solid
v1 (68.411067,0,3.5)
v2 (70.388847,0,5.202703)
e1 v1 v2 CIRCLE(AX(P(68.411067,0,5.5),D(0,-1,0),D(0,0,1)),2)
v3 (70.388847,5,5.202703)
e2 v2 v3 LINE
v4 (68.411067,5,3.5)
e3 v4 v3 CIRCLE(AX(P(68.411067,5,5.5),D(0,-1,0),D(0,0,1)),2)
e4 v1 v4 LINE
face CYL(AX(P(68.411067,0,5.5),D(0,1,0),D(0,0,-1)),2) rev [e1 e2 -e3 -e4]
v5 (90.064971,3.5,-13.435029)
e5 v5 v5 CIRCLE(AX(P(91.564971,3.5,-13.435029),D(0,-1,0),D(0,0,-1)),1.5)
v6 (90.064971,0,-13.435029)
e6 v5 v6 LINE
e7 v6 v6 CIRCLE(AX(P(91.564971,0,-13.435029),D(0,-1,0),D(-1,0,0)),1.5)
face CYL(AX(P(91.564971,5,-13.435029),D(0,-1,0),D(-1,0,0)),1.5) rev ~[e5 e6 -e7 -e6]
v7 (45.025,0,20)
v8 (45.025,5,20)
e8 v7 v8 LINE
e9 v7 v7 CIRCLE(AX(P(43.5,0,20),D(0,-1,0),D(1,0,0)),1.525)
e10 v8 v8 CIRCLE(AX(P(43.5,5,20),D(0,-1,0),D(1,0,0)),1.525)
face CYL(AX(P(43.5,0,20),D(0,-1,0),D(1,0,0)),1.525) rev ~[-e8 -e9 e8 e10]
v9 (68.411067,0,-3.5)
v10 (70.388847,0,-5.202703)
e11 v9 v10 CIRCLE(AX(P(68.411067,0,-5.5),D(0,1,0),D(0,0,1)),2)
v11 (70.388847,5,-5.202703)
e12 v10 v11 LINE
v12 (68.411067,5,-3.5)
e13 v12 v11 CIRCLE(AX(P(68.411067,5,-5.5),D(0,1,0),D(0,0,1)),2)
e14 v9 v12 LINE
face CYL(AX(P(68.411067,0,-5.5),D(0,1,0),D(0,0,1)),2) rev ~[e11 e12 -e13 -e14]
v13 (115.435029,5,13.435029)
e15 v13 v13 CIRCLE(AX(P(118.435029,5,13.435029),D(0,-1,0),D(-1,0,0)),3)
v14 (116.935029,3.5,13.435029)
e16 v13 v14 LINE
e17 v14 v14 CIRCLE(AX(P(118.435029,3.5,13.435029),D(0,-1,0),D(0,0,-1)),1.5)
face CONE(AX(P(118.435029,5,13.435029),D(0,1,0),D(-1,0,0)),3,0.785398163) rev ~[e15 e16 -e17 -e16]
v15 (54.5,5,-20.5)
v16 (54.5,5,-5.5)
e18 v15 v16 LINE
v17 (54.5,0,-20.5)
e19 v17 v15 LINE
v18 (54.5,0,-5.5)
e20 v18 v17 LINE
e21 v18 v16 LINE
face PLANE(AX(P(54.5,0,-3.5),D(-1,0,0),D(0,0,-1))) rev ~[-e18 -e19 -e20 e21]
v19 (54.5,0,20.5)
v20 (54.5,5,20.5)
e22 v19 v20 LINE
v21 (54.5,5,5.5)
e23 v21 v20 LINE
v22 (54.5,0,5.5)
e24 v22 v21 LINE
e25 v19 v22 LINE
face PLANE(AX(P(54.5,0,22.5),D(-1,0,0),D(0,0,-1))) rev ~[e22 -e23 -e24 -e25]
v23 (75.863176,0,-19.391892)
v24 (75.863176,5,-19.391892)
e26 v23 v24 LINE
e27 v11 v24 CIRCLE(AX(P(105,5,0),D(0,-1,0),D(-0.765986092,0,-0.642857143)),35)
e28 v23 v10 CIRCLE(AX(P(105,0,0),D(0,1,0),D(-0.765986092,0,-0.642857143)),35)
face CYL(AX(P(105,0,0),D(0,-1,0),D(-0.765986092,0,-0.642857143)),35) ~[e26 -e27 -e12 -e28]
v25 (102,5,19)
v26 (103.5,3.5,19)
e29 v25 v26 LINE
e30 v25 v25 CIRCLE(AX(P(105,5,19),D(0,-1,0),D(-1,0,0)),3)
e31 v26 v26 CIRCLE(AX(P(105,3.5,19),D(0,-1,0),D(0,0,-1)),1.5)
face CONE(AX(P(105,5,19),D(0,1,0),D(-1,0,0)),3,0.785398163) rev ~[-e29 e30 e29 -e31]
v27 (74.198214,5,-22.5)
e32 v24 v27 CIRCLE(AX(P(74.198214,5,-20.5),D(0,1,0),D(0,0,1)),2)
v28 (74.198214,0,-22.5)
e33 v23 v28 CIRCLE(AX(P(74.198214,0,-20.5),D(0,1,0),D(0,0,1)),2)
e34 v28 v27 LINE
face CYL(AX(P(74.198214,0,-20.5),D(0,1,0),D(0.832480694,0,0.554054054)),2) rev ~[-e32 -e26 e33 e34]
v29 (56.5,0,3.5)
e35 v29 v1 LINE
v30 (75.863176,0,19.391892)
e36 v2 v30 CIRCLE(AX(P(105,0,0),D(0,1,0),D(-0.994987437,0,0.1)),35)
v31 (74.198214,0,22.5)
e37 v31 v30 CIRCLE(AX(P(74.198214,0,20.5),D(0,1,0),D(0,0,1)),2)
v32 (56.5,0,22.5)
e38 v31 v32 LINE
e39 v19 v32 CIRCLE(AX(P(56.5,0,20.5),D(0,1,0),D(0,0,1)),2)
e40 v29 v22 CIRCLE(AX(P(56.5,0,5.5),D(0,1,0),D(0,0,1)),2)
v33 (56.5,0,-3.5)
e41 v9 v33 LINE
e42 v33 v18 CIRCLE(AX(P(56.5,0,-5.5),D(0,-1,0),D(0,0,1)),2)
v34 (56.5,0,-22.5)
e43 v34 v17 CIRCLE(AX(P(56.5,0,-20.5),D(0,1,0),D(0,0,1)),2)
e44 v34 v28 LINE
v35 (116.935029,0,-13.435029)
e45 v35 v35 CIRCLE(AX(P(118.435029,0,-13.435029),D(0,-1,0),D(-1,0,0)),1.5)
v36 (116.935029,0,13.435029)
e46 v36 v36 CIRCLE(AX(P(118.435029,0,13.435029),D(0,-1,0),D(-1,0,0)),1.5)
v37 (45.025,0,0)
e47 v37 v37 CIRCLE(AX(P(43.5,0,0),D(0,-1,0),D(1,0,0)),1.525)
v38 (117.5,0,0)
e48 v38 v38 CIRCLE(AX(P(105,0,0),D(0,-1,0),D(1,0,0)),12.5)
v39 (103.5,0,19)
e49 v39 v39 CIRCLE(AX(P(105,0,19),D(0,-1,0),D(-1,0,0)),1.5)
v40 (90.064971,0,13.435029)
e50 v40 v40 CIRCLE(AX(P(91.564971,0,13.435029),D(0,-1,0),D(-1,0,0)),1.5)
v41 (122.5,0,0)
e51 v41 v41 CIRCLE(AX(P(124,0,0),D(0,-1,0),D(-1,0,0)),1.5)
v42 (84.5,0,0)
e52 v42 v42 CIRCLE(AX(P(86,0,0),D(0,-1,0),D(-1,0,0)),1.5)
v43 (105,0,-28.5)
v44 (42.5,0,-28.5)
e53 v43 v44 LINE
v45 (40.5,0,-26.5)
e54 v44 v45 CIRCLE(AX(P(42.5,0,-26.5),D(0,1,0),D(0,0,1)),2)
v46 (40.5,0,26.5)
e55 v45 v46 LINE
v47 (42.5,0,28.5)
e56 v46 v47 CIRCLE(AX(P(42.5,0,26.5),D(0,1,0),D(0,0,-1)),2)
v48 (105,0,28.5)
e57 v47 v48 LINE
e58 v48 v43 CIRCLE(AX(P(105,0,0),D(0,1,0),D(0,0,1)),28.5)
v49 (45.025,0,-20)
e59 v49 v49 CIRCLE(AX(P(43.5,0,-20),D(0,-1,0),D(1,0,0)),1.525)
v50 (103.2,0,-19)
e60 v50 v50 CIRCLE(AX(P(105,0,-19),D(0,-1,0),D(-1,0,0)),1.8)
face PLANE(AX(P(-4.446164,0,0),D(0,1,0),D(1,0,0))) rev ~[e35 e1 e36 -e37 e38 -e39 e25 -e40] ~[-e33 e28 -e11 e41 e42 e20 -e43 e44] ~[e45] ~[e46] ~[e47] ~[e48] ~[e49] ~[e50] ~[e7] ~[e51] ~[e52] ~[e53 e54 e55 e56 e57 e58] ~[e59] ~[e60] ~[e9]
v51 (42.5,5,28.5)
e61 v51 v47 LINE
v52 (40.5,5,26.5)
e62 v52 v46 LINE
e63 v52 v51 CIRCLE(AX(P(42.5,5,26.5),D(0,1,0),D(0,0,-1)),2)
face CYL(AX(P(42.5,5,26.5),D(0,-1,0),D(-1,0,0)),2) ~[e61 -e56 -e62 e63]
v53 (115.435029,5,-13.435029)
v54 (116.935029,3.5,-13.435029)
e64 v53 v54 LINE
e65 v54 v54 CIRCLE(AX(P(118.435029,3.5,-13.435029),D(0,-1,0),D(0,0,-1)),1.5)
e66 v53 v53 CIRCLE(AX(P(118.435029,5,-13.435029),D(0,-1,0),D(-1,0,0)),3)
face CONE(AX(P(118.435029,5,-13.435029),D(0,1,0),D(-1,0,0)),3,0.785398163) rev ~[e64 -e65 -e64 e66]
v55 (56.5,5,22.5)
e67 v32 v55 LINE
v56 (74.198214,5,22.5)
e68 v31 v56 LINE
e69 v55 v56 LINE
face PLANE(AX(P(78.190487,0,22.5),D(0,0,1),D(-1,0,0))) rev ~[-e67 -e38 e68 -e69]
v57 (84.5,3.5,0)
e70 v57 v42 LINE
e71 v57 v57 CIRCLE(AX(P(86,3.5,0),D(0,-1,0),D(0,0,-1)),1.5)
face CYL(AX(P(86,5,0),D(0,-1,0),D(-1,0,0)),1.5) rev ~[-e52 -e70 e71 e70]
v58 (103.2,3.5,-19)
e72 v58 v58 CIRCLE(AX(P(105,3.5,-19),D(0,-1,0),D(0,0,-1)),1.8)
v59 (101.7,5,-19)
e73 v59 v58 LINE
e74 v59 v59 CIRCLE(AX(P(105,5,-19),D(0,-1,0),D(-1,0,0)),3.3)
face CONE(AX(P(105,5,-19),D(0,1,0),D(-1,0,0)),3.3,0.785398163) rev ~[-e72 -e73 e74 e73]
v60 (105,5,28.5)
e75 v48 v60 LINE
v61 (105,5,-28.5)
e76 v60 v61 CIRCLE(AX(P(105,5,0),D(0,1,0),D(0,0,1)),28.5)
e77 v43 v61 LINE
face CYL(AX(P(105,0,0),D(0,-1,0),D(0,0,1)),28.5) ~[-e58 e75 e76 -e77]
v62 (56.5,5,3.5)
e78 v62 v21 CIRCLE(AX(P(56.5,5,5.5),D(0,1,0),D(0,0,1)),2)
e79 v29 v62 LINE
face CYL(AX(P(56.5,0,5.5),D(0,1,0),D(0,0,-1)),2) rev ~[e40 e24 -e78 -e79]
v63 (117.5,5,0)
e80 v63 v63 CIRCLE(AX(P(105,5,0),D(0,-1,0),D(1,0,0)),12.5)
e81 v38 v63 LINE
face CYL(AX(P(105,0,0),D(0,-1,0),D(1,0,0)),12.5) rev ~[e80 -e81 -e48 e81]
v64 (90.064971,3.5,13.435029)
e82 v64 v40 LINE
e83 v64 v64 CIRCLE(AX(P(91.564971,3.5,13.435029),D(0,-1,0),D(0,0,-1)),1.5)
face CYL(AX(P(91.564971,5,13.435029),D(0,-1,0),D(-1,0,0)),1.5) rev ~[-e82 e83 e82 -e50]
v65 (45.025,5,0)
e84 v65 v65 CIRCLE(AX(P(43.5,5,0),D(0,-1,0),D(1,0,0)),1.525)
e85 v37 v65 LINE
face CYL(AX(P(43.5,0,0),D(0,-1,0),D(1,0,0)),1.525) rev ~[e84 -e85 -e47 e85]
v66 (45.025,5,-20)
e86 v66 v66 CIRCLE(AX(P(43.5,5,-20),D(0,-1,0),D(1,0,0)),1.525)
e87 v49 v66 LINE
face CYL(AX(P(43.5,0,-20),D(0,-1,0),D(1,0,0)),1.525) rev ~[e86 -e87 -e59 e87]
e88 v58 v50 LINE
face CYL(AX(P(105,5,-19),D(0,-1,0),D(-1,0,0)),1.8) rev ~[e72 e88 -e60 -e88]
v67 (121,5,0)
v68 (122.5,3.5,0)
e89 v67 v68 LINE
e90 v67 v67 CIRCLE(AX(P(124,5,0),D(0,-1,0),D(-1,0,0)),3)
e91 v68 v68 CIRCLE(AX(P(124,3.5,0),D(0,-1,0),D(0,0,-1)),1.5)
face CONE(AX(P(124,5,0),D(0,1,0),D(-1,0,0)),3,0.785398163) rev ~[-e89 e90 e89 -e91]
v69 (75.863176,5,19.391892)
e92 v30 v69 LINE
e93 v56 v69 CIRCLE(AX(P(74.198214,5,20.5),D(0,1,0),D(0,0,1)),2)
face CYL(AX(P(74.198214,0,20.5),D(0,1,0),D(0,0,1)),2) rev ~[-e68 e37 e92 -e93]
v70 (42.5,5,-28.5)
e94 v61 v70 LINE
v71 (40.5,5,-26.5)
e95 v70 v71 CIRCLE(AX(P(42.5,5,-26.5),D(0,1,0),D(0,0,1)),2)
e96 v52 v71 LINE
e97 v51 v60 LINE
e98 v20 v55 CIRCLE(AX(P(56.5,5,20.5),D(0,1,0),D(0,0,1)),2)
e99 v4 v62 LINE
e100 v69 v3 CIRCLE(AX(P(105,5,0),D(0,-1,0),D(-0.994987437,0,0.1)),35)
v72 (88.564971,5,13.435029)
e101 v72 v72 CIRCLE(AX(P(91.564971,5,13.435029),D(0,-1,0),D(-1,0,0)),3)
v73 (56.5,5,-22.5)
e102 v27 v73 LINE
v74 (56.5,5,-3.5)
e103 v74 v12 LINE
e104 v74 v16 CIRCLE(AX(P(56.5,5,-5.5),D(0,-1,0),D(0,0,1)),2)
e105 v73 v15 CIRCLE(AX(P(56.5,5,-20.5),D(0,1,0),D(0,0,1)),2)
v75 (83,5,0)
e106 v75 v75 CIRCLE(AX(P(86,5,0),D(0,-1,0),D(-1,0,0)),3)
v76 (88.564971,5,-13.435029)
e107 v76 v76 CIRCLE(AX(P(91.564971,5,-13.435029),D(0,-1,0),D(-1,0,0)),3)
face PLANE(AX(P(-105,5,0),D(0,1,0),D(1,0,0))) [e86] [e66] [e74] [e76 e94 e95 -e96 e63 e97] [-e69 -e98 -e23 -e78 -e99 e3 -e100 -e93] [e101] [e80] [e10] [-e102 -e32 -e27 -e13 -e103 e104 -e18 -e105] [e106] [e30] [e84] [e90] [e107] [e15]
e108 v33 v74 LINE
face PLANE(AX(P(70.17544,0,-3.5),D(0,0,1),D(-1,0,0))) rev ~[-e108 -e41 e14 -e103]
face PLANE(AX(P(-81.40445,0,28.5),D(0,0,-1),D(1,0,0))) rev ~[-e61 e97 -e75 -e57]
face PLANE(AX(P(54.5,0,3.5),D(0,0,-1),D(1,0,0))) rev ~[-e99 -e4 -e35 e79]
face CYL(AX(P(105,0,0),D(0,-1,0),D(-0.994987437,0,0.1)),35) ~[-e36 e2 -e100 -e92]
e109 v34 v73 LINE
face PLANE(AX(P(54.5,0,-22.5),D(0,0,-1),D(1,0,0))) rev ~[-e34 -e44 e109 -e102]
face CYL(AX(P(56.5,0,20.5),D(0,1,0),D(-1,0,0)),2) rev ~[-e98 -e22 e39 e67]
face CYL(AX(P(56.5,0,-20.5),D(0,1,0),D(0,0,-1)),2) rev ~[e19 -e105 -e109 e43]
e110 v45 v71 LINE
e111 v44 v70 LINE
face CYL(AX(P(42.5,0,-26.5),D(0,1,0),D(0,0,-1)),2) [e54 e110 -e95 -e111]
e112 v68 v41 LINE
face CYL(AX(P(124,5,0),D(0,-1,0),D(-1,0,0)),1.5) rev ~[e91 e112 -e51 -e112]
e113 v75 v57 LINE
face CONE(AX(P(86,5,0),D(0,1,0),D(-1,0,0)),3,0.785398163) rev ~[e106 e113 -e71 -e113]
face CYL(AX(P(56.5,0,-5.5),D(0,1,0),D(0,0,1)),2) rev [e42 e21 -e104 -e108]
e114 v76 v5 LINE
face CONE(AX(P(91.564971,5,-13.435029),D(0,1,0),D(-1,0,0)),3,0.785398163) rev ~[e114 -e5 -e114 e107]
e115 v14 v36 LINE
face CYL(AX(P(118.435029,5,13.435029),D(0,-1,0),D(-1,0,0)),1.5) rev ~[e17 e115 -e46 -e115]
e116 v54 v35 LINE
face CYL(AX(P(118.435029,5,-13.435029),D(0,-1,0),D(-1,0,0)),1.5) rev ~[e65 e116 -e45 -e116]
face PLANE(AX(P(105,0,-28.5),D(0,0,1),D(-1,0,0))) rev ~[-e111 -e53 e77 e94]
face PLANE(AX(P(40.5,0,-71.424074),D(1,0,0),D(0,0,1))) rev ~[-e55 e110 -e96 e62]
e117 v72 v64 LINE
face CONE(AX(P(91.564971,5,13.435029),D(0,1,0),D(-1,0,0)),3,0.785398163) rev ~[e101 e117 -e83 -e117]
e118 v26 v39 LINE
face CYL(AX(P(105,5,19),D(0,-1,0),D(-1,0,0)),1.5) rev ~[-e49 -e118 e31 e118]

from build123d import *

# Parameters (mm, degrees)
EXTRUDE_1_DEPTH              = 5
SKETCH_2_R                   = 1.275
CUT_EXTRUDE_1_DEPTH          = 6
SKETCH_5_R                   = 10
CUT_EXTRUDE_3_DEPTH          = 6
SKETCH_6_R                   = 1.525
CUT_EXTRUDE_4_DEPTH          = 6
SKETCH_9_R                   = 12.5
CUT_EXTRUDE_7_DEPTH          = 6
HOLE_WIZARD_M3_1_D           = 3.6
HOLE_WIZARD_M3_1_CSINK_D     = 6.6
HOLE_WIZARD_M3_1_CSINK_ANGLE = 90
HOLE_WIZARD_1_D              = 3
HOLE_WIZARD_1_CSINK_D        = 6
HOLE_WIZARD_1_CSINK_ANGLE    = 90
SKETCH_3_R                   = 2.025
CUT_EXTRUDE_8_DEPTH          = 10
SKETCH_14_R                  = 37
EXTRUDE_2_DEPTH              = 5
SKETCH_15_R                  = 42.5
EXTRUDE_3_DEPTH              = 5
SKETCH_16_R                  = 2.025
CUT_EXTRUDE_9_DEPTH          = 5
CUT_EXTRUDE_10_DEPTH         = 5
PATTERN_CIRCULAR_1_COUNT     = 6
SKETCH_19_R                  = 6
CUT_EXTRUDE_11_DEPTH         = 5
FILLET_1_R                   = 2
SKETCH_21_W                  = 189.416251563
SKETCH_21_H                  = 140.293779685
CUT_EXTRUDE_12_DEPTH         = 6
SKETCH_25_R                  = 1.525
CUT_EXTRUDE_13_DEPTH         = 6
FILLET_2_R                   = 2
CUT_EXTRUDE_14_DEPTH         = 6
FILLET_3_R                   = 2


with BuildPart() as part:
    # 草图1 → 凸台-拉伸1 (new body)
    with BuildSketch(Plane(origin=(0, 0, 0), x_dir=(1, 0, 0), z_dir=(0, 1, 0))):
        with BuildLine():
            Line((105, 28.5), (-81.404449572, 28.5))
            ThreePointArc((-81.404449572, 28.5), (-142, 0), (-81.404449572, -28.5))
            Line((-81.404449572, -28.5), (105, -28.5))
            ThreePointArc((105, -28.5), (133.5, 0), (105, 28.5))
        make_face()
    extrude(amount=EXTRUDE_1_DEPTH)

    # 草图2 → 切除-拉伸1 (cut, through all)
    with BuildSketch(Plane.XZ):
        with Locations((118.435028843, 13.435028843)):
            Circle(SKETCH_2_R)
        with Locations((118.435028843, -13.435028843)):
            Circle(SKETCH_2_R)
        with Locations((91.564971157, -13.435028843)):
            Circle(SKETCH_2_R)
        with Locations((91.564971157, 13.435028843)):
            Circle(SKETCH_2_R)
        with Locations((124, 0)):
            Circle(SKETCH_2_R)
        with Locations((105, -19)):
            Circle(SKETCH_2_R)
        with Locations((86, 0)):
            Circle(SKETCH_2_R)
        with Locations((105, 19)):
            Circle(SKETCH_2_R)
    extrude(amount=-CUT_EXTRUDE_1_DEPTH, mode=Mode.SUBTRACT)

    # 草图5 → 切除-拉伸3 (cut, through all)
    with BuildSketch(Plane(origin=(0, 5, 0), x_dir=(1, 0, 0), z_dir=(0, 1, 0))):
        with Locations((-105, 0)):
            Circle(SKETCH_5_R)
    extrude(amount=-CUT_EXTRUDE_3_DEPTH, mode=Mode.SUBTRACT)

    # 草图6 → 切除-拉伸4 (cut, through all)
    with BuildSketch(Plane(origin=(0, 5, 0), x_dir=(1, 0, 0), z_dir=(0, 1, 0))):
        with Locations((-135, 0)):
            Circle(SKETCH_6_R)
        with Locations((-120, 25.980762114)):
            Circle(SKETCH_6_R)
        with Locations((-90, 25.980762114)):
            Circle(SKETCH_6_R)
        with Locations((-75, 0)):
            Circle(SKETCH_6_R)
        with Locations((-90, -25.980762114)):
            Circle(SKETCH_6_R)
        with Locations((-120, -25.980762114)):
            Circle(SKETCH_6_R)
    extrude(amount=-CUT_EXTRUDE_4_DEPTH, mode=Mode.SUBTRACT)

    # 草图9 → 切除-拉伸7 (cut, through all)
    with BuildSketch(Plane.XZ):
        with Locations((105, 0)):
            Circle(SKETCH_9_R)
    extrude(amount=-CUT_EXTRUDE_7_DEPTH, mode=Mode.SUBTRACT)

    # M3 十字槽沉头木螺钉的锥形沉头孔1 (through all)
    with Locations(Plane(origin=(0, 5, 0), x_dir=(1, 0, 0), z_dir=(0, 1, 0))):
        with Locations((105, 19)):
            CounterSinkHole(HOLE_WIZARD_M3_1_D / 2, HOLE_WIZARD_M3_1_CSINK_D / 2, counter_sink_angle=HOLE_WIZARD_M3_1_CSINK_ANGLE)

    # 孔1 (through all)
    with Locations(Plane(origin=(0, 5, 0), x_dir=(1, 0, 0), z_dir=(0, 1, 0))):
        with Locations((91.564971157, 13.435028843), (86, 0), (91.564971157, -13.435028843), (105, -19), (118.435028843, -13.435028843), (124, 0), (118.435028843, 13.435028843)):
            CounterSinkHole(HOLE_WIZARD_1_D / 2, HOLE_WIZARD_1_CSINK_D / 2, counter_sink_angle=HOLE_WIZARD_1_CSINK_ANGLE)

    # 草图3 → 切除-拉伸8 (cut)
    with BuildSketch(Plane(origin=(0, 5, 0), x_dir=(1, 0, 0), z_dir=(0, 1, 0))):
        with Locations((-105, 17.25)):
            Circle(SKETCH_3_R)
        with Locations((-90.061061785, 8.625)):
            Circle(SKETCH_3_R)
        with Locations((-90.061061785, -8.625)):
            Circle(SKETCH_3_R)
        with Locations((-105, -17.25)):
            Circle(SKETCH_3_R)
        with Locations((-119.938938215, -8.625)):
            Circle(SKETCH_3_R)
        with Locations((-119.938938215, 8.625)):
            Circle(SKETCH_3_R)
    extrude(amount=-CUT_EXTRUDE_8_DEPTH, mode=Mode.SUBTRACT)

    # 草图14 → 凸台-拉伸2 (add)
    with BuildSketch(Plane(origin=(0, 5, 0), x_dir=(1, 0, 0), z_dir=(0, 1, 0))):
        with Locations((-105, 0)):
            Circle(SKETCH_14_R)
    extrude(amount=-EXTRUDE_2_DEPTH)

    # 草图15 → 凸台-拉伸3 (add)
    with BuildSketch(Plane(origin=(0, 5, 0), x_dir=(1, 0, 0), z_dir=(0, 1, 0))):
        with Locations((-105, 0)):
            Circle(SKETCH_15_R)
    extrude(amount=-EXTRUDE_3_DEPTH)

    # 草图16 → 切除-拉伸9 (cut)
    with BuildSketch(Plane.XZ):
        with Locations((-105, 26.25)):
            Circle(SKETCH_16_R)
        with Locations((-86.438446994, 18.561553006)):
            Circle(SKETCH_16_R)
        with Locations((-78.75, 0)):
            Circle(SKETCH_16_R)
        with Locations((-86.438446994, -18.561553006)):
            Circle(SKETCH_16_R)
        with Locations((-105, -26.25)):
            Circle(SKETCH_16_R)
        with Locations((-123.561553006, -18.561553006)):
            Circle(SKETCH_16_R)
        with Locations((-131.25, 0)):
            Circle(SKETCH_16_R)
        with Locations((-123.561553006, 18.561553006)):
            Circle(SKETCH_16_R)
    extrude(amount=-CUT_EXTRUDE_9_DEPTH, mode=Mode.SUBTRACT)

    # 草图18 → 切除-拉伸10 (cut)
    with BuildSketch(Plane(origin=(0, 5, 0), x_dir=(1, 0, 0), z_dir=(0, 1, 0))):
        with BuildLine():
            Line((-98.815341562, 17.25), (-101.45814062, 12.173230244))
            ThreePointArc((-101.45814062, 12.173230244), (-105, 13), (-108.54185938, 12.173230244))
            Line((-108.54185938, 12.173230244), (-111.184658438, 17.25))
            ThreePointArc((-111.184658438, 17.25), (-105, 21.75), (-98.815341562, 17.25))
        make_face()
    cut_extrude_10 = extrude(amount=-CUT_EXTRUDE_10_DEPTH, mode=Mode.SUBTRACT)

    # 阵列(圆周)1: 切除-拉伸10 ×6 about axis
    pattern_circular_1_axis = Axis((-105, 0, 0), (0, 1, 0))
    for i in range(1, PATTERN_CIRCULAR_1_COUNT):
        add(cut_extrude_10.rotate(pattern_circular_1_axis, i * 360 / PATTERN_CIRCULAR_1_COUNT), mode=Mode.SUBTRACT)

    # 草图19 → 切除-拉伸11 (cut)
    with BuildSketch(Plane.XZ):
        with Locations((-105, 0)):
            Circle(SKETCH_19_R)
    extrude(amount=-CUT_EXTRUDE_11_DEPTH, mode=Mode.SUBTRACT)

    # 圆角1
    fillet_1_edges = [part.edges().sort_by_distance(p)[0] for p in [
        (-73.472234459, 2.5, 28.5),
        (-73.472234459, 2.5, -28.5),
    ]]
    fillet(fillet_1_edges, radius=FILLET_1_R)

    # 草图21 → 切除-拉伸12 (cut, through all)
    with BuildSketch(Plane.XZ):
        with Locations((-54.208125782, -1.277184269)):
            Rectangle(SKETCH_21_W, SKETCH_21_H)
    extrude(amount=-CUT_EXTRUDE_12_DEPTH, mode=Mode.SUBTRACT)

    # 草图25 → 切除-拉伸13 (cut, through all)
    with BuildSketch(Plane.XZ):
        with Locations((43.5, 0)):
            Circle(SKETCH_25_R)
        with Locations((43.5, 20)):
            Circle(SKETCH_25_R)
        with Locations((43.5, -20)):
            Circle(SKETCH_25_R)
    extrude(amount=-CUT_EXTRUDE_13_DEPTH, mode=Mode.SUBTRACT)

    # 圆角2
    fillet_2_edges = [part.edges().sort_by_distance(p)[0] for p in [
        (40.5, 2.5, -28.5),
        (40.5, 2.5, 28.5),
    ]]
    fillet(fillet_2_edges, radius=FILLET_2_R)

    # 草图28 → 切除-拉伸14 (cut, through all)
    with BuildSketch(Plane.XZ):
        with BuildLine():
            ThreePointArc((70.175439701, 3.5), (72.751903077, 13.603684973), (78.190486763, 22.5))
            Line((78.190486763, 22.5), (54.5, 22.5))
            Line((54.5, 22.5), (54.5, 3.5))
            Line((54.5, 3.5), (70.175439701, 3.5))
        make_face()
        with BuildLine():
            Line((54.5, -3.5), (54.5, -22.5))
            Line((54.5, -22.5), (78.190486763, -22.5))
            ThreePointArc((78.190486763, -22.5), (72.751903077, -13.603684973), (70.175439701, -3.5))
            Line((70.175439701, -3.5), (54.5, -3.5))
        make_face()
    extrude(amount=-CUT_EXTRUDE_14_DEPTH, mode=Mode.SUBTRACT)

    # 圆角3
    fillet_3_edges = [part.edges().sort_by_distance(p)[0] for p in [
        (78.190486763, 2.5, 22.5),
        (70.175439701, 2.5, 3.5),
        (54.5, 2.5, 3.5),
        (54.5, 2.5, 22.5),
        (70.175439701, 2.5, -3.5),
        (78.190486763, 2.5, -22.5),
        (54.5, 2.5, -22.5),
        (54.5, 2.5, -3.5),
    ]]
    fillet(fillet_3_edges, radius=FILLET_3_R)


solid = part.part
